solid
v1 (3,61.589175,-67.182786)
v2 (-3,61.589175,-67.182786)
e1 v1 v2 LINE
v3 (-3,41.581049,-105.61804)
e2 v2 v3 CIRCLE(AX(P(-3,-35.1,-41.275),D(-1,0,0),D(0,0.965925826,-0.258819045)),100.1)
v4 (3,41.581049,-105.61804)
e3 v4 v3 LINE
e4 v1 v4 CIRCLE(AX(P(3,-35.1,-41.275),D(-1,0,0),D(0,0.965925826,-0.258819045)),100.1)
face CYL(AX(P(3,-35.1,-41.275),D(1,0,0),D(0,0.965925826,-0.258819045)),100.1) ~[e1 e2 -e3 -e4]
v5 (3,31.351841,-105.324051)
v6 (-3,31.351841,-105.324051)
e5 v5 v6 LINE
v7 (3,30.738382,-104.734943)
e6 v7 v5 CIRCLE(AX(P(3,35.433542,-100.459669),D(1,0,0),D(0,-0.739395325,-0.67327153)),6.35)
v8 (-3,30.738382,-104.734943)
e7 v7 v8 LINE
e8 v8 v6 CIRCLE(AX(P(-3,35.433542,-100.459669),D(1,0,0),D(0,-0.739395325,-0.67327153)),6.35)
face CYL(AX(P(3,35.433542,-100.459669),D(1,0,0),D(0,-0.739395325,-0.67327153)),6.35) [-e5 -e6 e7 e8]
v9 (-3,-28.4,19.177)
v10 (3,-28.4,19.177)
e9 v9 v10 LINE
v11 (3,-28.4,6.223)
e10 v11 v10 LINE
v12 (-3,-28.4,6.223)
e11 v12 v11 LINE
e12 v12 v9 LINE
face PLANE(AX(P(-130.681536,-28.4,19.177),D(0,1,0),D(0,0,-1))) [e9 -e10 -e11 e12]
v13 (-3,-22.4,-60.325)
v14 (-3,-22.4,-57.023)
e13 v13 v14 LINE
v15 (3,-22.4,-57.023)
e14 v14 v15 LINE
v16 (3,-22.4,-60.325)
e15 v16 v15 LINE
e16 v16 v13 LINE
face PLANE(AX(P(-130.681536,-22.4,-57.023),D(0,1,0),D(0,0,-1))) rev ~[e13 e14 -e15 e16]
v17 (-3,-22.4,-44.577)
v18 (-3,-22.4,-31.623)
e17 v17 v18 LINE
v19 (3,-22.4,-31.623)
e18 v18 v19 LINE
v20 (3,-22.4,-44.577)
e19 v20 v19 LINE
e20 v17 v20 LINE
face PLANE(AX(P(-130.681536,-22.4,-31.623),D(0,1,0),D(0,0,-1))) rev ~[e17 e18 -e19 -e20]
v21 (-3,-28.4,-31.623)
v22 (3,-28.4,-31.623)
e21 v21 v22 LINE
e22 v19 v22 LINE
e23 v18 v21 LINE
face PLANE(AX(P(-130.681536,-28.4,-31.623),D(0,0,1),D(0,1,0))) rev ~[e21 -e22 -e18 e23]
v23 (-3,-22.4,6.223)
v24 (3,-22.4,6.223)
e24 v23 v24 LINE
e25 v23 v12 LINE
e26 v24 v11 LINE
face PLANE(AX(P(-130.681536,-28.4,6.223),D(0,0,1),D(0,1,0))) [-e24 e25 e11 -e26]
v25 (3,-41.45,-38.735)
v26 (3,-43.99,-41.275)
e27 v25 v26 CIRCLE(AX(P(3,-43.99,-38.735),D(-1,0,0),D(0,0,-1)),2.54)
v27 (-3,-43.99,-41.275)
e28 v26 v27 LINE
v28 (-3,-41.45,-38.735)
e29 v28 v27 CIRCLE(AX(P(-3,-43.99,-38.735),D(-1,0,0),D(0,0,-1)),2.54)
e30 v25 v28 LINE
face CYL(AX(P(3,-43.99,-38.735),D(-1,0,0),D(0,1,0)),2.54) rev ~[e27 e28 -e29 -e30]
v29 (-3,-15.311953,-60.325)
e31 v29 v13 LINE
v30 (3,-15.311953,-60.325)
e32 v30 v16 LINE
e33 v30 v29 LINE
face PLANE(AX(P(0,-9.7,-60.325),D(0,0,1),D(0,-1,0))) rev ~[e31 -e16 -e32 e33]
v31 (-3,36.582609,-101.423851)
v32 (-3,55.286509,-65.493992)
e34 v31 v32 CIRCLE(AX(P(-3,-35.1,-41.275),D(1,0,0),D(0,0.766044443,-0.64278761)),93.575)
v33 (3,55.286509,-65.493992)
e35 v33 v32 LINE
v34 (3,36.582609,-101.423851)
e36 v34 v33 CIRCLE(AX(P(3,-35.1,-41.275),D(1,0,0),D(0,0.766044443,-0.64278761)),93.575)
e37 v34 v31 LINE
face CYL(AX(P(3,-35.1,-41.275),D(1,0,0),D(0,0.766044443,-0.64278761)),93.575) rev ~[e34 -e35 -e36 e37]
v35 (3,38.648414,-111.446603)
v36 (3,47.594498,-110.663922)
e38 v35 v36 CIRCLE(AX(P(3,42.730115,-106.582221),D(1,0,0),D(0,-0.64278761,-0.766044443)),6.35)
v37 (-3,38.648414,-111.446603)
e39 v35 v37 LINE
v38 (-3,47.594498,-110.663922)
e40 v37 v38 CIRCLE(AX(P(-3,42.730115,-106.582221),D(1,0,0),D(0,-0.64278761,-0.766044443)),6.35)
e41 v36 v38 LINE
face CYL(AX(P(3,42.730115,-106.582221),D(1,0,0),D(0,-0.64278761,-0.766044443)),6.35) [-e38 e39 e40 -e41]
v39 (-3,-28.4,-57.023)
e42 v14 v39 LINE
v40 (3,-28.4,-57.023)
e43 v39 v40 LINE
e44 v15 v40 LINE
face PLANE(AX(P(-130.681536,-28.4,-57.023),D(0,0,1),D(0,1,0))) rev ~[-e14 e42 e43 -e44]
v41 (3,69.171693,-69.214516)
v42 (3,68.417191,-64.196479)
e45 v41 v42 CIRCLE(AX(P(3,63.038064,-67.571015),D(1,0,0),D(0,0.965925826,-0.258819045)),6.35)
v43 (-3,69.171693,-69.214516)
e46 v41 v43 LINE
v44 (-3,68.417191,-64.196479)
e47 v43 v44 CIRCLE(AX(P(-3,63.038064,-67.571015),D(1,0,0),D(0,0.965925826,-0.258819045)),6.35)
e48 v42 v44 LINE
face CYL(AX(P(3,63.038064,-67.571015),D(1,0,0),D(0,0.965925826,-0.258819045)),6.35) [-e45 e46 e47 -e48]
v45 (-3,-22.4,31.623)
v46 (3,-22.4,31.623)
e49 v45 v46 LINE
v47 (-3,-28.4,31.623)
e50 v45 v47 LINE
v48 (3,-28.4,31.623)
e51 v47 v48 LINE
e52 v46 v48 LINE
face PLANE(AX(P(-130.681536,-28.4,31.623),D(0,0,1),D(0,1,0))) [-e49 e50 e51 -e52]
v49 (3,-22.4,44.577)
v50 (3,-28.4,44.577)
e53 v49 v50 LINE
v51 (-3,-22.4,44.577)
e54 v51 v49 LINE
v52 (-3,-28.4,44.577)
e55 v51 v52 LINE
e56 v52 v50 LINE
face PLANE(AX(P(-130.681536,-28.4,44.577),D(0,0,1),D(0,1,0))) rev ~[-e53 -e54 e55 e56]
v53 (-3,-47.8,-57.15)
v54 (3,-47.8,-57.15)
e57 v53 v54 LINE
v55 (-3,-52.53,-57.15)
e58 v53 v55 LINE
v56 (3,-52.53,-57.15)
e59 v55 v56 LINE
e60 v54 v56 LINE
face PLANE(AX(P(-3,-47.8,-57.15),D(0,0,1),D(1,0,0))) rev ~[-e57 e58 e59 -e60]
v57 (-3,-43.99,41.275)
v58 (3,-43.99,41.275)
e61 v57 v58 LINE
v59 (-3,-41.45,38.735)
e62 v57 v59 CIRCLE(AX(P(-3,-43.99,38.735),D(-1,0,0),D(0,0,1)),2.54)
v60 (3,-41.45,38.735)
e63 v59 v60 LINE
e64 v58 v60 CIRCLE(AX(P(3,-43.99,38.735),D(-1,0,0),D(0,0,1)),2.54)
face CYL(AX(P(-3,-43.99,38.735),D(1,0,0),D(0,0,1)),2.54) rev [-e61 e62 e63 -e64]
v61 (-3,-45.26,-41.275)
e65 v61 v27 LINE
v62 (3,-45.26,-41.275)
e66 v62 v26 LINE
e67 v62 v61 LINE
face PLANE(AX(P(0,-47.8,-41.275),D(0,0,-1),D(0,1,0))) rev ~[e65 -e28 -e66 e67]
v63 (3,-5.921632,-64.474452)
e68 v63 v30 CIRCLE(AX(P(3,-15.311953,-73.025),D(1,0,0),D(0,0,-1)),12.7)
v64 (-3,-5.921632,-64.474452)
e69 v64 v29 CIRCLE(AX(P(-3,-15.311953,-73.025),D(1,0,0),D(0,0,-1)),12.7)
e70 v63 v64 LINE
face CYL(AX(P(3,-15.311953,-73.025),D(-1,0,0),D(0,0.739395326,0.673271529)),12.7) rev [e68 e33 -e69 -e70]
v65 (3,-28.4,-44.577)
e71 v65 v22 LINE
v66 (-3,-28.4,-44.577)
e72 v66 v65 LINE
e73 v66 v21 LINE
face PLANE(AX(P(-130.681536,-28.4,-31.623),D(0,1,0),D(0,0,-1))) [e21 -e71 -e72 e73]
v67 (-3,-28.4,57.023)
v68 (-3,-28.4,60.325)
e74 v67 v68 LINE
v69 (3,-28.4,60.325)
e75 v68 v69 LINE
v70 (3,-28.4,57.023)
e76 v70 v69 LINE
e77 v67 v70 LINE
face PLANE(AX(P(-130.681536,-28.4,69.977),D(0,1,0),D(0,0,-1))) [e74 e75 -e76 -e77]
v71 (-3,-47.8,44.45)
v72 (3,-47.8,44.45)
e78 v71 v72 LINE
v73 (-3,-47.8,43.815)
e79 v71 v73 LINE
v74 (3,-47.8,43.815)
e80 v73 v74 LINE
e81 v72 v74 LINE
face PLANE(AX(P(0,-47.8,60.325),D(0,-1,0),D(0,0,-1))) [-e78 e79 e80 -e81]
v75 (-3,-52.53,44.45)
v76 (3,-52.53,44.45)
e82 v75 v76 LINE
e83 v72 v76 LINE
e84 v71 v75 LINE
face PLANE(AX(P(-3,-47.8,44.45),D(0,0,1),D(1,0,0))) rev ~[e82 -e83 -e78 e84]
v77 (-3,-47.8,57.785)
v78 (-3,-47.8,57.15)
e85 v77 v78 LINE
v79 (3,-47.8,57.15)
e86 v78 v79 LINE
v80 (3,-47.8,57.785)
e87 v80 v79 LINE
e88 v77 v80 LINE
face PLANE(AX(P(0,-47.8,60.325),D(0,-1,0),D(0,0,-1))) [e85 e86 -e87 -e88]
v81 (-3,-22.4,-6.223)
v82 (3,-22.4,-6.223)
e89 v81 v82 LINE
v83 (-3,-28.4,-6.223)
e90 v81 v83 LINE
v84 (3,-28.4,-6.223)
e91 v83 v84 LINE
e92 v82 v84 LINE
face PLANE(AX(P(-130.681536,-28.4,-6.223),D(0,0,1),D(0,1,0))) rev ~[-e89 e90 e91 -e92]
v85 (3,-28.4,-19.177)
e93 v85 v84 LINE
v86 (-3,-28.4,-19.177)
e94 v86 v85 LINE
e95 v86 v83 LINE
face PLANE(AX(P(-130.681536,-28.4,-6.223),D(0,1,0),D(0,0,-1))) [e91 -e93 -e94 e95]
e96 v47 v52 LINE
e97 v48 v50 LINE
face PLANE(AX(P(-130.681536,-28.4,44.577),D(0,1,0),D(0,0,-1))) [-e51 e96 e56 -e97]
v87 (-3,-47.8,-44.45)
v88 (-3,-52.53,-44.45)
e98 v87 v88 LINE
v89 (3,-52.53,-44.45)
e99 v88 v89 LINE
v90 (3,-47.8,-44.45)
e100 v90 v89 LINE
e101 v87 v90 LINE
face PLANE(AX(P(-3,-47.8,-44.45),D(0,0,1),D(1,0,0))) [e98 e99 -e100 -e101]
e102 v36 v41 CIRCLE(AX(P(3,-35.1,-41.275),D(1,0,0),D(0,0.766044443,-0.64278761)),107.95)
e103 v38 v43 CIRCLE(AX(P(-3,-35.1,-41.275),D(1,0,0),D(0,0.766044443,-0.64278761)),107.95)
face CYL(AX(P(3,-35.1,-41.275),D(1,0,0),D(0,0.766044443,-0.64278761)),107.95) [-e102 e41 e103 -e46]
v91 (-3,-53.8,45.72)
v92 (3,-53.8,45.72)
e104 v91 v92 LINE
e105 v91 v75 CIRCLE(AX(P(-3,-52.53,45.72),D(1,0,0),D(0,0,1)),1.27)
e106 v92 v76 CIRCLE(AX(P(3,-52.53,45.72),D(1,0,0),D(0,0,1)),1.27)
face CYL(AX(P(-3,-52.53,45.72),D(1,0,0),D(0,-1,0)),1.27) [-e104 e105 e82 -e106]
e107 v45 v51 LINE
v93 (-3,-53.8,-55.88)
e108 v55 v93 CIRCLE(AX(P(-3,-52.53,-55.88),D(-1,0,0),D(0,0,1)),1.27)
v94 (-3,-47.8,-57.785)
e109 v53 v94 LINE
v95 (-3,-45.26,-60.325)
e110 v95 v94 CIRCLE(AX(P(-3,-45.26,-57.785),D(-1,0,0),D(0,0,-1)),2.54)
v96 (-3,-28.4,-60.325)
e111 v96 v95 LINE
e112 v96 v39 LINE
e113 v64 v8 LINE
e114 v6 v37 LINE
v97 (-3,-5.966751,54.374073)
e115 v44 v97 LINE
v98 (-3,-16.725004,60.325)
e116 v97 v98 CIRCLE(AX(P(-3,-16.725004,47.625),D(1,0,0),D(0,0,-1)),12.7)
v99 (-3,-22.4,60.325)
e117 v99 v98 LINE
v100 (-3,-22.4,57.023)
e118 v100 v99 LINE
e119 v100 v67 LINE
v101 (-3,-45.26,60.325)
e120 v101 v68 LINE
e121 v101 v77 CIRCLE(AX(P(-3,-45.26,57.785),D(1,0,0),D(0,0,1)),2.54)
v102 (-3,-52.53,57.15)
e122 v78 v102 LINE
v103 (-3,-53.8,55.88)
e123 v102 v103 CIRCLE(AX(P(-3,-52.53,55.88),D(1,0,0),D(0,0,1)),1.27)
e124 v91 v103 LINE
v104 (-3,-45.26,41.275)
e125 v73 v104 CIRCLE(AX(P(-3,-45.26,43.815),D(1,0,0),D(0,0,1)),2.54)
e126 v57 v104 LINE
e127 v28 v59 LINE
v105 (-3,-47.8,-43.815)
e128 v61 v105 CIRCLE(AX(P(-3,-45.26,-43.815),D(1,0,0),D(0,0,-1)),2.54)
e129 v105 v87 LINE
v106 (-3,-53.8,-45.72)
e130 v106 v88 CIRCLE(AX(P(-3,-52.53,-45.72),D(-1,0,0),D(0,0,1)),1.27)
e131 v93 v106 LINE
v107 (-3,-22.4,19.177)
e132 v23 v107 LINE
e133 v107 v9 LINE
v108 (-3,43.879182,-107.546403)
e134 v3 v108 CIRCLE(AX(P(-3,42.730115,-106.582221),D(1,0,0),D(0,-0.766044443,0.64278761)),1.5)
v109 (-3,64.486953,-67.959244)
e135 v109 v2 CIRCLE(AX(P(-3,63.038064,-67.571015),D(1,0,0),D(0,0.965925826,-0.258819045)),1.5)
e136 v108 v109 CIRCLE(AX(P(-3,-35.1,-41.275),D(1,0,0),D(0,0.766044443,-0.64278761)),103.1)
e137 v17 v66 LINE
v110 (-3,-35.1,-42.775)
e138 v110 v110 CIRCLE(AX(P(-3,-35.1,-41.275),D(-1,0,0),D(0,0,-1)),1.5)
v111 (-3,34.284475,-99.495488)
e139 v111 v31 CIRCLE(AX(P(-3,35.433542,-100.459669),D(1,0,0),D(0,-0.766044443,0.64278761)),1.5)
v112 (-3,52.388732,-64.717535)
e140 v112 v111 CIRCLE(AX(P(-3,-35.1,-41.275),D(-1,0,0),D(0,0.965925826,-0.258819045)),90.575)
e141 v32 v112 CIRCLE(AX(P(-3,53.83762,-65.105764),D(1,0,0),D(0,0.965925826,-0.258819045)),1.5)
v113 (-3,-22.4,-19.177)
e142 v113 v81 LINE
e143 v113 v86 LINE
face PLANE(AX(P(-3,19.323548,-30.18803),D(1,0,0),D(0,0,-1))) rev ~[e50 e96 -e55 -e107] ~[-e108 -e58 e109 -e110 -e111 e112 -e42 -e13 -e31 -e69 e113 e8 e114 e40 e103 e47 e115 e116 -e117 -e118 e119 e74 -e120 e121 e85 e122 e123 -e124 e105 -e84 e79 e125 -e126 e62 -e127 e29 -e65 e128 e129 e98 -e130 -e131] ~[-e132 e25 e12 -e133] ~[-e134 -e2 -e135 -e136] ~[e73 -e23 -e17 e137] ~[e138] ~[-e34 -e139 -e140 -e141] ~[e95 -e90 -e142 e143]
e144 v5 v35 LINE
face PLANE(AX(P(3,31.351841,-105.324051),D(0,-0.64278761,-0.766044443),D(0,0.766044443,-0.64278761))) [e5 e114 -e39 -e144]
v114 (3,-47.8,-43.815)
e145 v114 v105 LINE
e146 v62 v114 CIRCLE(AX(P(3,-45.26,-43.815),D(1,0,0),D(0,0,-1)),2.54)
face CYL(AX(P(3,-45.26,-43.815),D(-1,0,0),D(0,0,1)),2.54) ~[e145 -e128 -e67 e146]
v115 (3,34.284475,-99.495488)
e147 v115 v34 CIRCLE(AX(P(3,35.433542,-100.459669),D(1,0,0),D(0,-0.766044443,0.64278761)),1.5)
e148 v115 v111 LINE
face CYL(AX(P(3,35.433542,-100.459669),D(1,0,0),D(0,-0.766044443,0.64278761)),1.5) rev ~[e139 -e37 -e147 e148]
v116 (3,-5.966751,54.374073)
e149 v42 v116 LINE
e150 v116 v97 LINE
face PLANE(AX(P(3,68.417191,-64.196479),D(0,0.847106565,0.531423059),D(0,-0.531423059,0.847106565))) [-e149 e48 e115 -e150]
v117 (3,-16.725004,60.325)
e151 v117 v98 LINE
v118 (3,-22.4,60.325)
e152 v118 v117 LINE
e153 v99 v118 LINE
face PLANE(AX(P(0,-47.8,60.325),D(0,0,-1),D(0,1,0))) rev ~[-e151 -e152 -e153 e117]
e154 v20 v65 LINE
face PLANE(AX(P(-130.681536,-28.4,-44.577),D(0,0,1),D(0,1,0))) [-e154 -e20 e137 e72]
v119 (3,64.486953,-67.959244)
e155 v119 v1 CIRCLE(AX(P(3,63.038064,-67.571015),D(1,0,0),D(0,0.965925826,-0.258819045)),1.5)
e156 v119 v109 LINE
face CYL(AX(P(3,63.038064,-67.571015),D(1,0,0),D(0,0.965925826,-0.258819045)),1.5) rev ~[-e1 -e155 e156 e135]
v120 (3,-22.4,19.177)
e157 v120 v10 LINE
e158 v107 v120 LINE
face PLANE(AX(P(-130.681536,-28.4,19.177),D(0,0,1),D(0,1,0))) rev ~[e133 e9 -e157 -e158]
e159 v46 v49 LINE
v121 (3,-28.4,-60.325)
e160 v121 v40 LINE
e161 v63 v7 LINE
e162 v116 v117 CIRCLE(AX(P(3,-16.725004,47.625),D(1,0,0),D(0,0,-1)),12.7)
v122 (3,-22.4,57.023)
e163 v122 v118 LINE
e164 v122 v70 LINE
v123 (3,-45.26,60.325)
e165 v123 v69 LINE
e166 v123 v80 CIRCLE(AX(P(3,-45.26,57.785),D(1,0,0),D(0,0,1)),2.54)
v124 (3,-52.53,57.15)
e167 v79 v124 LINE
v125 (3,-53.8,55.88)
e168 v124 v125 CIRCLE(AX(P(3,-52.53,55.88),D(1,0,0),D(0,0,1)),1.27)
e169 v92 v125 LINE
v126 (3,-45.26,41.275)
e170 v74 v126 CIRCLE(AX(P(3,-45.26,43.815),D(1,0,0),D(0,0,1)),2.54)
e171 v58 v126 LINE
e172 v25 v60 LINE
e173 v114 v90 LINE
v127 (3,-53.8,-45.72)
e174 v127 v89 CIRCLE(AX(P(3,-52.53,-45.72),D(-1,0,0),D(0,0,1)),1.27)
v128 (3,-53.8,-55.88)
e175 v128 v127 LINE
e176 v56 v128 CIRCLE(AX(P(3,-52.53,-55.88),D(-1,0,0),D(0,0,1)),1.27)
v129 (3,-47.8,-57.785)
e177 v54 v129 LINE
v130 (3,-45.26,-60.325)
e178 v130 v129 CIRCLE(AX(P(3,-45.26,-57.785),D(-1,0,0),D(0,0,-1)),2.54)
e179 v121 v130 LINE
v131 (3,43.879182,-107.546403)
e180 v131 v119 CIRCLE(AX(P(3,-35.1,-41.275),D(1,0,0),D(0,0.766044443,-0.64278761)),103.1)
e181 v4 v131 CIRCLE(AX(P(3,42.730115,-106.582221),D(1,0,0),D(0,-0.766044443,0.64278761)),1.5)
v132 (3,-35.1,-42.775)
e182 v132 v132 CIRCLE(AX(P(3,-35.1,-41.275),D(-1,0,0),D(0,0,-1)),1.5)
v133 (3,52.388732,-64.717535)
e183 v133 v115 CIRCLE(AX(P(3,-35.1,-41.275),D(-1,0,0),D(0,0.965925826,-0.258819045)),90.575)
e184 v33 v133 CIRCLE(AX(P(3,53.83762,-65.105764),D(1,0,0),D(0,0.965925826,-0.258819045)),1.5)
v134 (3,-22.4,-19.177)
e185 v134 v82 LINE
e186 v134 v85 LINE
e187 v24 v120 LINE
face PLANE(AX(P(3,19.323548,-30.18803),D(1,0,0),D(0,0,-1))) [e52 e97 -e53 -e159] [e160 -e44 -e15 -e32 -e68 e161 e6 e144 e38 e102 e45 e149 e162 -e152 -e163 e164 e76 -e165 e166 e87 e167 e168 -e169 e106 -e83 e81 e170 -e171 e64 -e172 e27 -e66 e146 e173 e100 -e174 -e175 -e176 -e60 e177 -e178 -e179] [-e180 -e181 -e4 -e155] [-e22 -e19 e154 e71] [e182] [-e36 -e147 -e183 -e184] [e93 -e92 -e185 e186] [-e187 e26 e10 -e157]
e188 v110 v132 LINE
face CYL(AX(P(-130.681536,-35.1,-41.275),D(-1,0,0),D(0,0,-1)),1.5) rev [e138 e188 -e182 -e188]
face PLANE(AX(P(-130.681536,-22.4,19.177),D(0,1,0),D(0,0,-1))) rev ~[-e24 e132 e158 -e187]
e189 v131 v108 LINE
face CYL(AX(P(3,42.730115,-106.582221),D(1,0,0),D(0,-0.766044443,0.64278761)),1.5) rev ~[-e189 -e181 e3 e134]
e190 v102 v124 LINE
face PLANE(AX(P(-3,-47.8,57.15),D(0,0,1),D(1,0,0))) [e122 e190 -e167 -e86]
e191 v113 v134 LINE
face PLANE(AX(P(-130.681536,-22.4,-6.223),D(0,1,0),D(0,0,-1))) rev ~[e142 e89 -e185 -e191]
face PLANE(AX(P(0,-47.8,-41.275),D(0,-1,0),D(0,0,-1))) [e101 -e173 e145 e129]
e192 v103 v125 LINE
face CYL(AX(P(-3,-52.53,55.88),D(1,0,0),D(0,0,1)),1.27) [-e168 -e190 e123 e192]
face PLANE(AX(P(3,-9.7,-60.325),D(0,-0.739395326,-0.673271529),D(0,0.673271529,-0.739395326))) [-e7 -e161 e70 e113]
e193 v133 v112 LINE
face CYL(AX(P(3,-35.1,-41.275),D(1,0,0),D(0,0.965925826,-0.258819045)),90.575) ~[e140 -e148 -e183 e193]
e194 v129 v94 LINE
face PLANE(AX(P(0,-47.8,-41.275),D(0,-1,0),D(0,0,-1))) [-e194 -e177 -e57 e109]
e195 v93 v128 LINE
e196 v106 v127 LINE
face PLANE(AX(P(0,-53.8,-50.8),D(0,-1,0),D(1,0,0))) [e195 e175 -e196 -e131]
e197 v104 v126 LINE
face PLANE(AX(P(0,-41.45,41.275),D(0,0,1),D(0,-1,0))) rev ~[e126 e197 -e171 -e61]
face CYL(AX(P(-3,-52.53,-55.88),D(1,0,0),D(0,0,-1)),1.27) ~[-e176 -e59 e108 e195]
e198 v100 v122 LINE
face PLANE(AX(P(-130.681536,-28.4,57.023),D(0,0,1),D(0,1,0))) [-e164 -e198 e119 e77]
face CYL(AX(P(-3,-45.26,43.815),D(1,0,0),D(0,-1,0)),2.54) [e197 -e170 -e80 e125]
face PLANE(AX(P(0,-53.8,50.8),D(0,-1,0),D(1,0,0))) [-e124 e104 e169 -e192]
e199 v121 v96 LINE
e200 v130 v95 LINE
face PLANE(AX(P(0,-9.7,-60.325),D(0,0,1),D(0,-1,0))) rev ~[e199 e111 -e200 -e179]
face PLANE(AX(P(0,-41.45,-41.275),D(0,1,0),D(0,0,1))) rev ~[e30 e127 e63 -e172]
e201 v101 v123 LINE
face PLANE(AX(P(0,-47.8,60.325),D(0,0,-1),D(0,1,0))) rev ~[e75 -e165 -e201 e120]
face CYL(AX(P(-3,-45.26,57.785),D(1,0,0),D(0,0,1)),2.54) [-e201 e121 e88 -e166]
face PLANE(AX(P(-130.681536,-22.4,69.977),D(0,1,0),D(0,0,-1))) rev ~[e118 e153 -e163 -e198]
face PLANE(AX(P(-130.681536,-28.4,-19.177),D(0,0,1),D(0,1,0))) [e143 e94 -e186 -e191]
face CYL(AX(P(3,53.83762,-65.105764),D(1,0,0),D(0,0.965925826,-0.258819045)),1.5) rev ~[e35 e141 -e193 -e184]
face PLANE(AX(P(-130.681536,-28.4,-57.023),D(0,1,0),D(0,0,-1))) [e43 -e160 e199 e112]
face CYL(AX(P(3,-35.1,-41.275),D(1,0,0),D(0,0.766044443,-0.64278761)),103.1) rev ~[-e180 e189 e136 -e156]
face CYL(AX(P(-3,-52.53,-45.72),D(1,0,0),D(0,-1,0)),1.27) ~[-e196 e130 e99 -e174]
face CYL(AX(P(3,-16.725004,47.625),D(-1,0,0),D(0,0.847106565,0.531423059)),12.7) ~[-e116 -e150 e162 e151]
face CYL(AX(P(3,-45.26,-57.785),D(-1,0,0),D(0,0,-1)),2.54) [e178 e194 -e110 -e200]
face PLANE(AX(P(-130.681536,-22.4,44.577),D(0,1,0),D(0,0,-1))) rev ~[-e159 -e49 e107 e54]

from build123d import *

# Parameters (mm, degrees)
MOUNTING_DEPTH          = 3
SKETCH3_R               = 1.5
BOSS_EXTRUDE2_DEPTH     = 6
PIVOTHOLE_DEPTH         = 133.681535985
PIVOTHOLE_DEPTH_BACK    = 133.681535985
SKETCH3_2_R             = 1.5
SKETCH4_W               = 6
SKETCH4_H               = 12.7
TAB_DEPTH               = 6
FILLET1_R               = 12.7
FILLET2_R               = 2.54
TABFILLET_R             = 1.27
CUT_EXTRUDE2_DEPTH      = 133.681535985
CUT_EXTRUDE2_DEPTH_BACK = 133.681535985
SKETCH5_W               = 12.954
SKETCH5_H               = 6


with BuildPart() as part:
    # Sketch2 → Mounting (new, symmetric)
    with BuildSketch(Plane(origin=(0, 0, 0), x_dir=(0, 0, -1), z_dir=(1, 0, 0))):
        Polygon((-60.325, -47.8), (-60.325, -9.7), (60.325, -9.7), (60.325, -47.8), (57.15, -47.8), (44.45, -47.8), (41.275, -47.8), (41.275, -41.45), (-41.275, -41.45), (-41.275, -47.8), (-44.45, -47.8), (-57.15, -47.8), align=None)
    extrude(amount=MOUNTING_DEPTH, both=True)

    # Sketch3 → Boss-Extrude2 (add)
    # profile 1 of 2: a face of its own
    with BuildSketch(Plane(origin=(3, 0, 0), x_dir=(0, 0, -1), z_dir=(1, 0, 0))):
        with Locations((41.275, -35.1)):
            Circle(SKETCH3_R)
    # profile 2 of 2: a face of its own
    with BuildSketch(Plane(origin=(3, 0, 0), x_dir=(0, 0, -1), z_dir=(1, 0, 0))):
        with BuildLine():
            Line((64.196478559, 68.417190639), (-60.325, -9.7))
            Line((-60.325, -9.7), (60.325, -9.7))
            Line((60.325, -9.7), (104.734943372, 30.73838178))
            ThreePointArc((104.734943372, 30.73838178), (105.039779736, 31.035237071), (105.324051376, 31.351840779))
            Line((105.324051376, 31.351840779), (111.446603358, 38.648414099))
            ThreePointArc((111.446603358, 38.648414099), (112.908057477, 43.283554387), (110.663922466, 47.594497635))
            ThreePointArc((110.663922466, 47.594497635), (91.120762799, 60.652819442), (69.214515919, 69.171692948))
            ThreePointArc((69.214515919, 69.171692948), (66.626854298, 69.317479577), (64.196478559, 68.417190639))
        make_face()
        with BuildLine():
            ThreePointArc((107.546402559, 43.879182086), (88.881282025, 56.350816901), (67.95924355, 64.48695269))
            ThreePointArc((67.95924355, 64.48695269), (66.122126243, 63.426292519), (67.182786415, 61.589175212))
            ThreePointArc((67.182786415, 61.589175212), (87.496036185, 53.689784401), (105.61803973, 41.581048756))
            ThreePointArc((105.61803973, 41.581048756), (107.731287809, 41.765934006), (107.546402559, 43.879182086))
        make_face(mode=Mode.SUBTRACT)
        with BuildLine():
            ThreePointArc((101.423850576, 36.582608765), (84.483126483, 47.902038715), (65.493992145, 55.286509195))
            ThreePointArc((65.493992145, 55.286509195), (63.656874838, 54.225849023), (64.71753501, 52.388731716))
            ThreePointArc((64.71753501, 52.388731716), (83.097880644, 45.241006215), (99.495487747, 34.284475436))
            ThreePointArc((99.495487747, 34.284475436), (101.608735827, 34.469360686), (101.423850576, 36.582608765))
        make_face(mode=Mode.SUBTRACT)
    extrude(amount=-BOSS_EXTRUDE2_DEPTH)

    # Sketch3<2> → PivotHole (cut, two sides: drawn at the far end of the back side and taken through both)
    with BuildSketch(Plane(origin=(3, 0, 0), x_dir=(0, 0, -1), z_dir=(1, 0, 0)).offset(-PIVOTHOLE_DEPTH_BACK)):
        with Locations((41.275, -35.1)):
            Circle(SKETCH3_2_R)
    extrude(amount=PIVOTHOLE_DEPTH + PIVOTHOLE_DEPTH_BACK, mode=Mode.SUBTRACT)

    # Sketch4 → Tab (add)
    with BuildSketch(Plane.XZ.offset(47.8)):
        with Locations((0, 50.8)):
            Rectangle(SKETCH4_W, SKETCH4_H)
        with Locations((0, -50.8)):
            Rectangle(SKETCH4_W, SKETCH4_H)
    extrude(amount=TAB_DEPTH)

    # Fillet1
    fillet1_edges = [part.edges().sort_by_distance(p)[0] for p in [
        (0, -9.7, 60.325),
        (0, -9.7, -60.325),
    ]]
    fillet(fillet1_edges, radius=FILLET1_R)

    # Fillet2
    fillet2_edges = [part.edges().sort_by_distance(p)[0] for p in [
        (0, -47.8, 60.325),
        (0, -47.8, -60.325),
        (0, -47.8, -41.275),
        (0, -41.45, -41.275),
        (0, -41.45, 41.275),
        (0, -47.8, 41.275),
    ]]
    fillet(fillet2_edges, radius=FILLET2_R)

    # TabFillet
    tabfillet_edges = [part.edges().sort_by_distance(p)[0] for p in [
        (0, -53.8, 57.15),
        (0, -53.8, 44.45),
        (0, -53.8, -44.45),
        (0, -53.8, -57.15),
    ]]
    fillet(tabfillet_edges, radius=TABFILLET_R)

    # Sketch5 → Cut-Extrude2 (cut, two sides: drawn at the far end of the back side and taken through both)
    with BuildSketch(Plane(origin=(3, 0, 0), x_dir=(0, 0, -1), z_dir=(1, 0, 0)).offset(-CUT_EXTRUDE2_DEPTH_BACK)):
        with Locations((-88.9, -25.4)):
            Rectangle(SKETCH5_W, SKETCH5_H)
        with Locations((-63.5, -25.4)):
            Rectangle(SKETCH5_W, SKETCH5_H)
        with Locations((-38.1, -25.4)):
            Rectangle(SKETCH5_W, SKETCH5_H)
        with Locations((-12.7, -25.4)):
            Rectangle(SKETCH5_W, SKETCH5_H)
        with Locations((12.7, -25.4)):
            Rectangle(SKETCH5_W, SKETCH5_H)
        with Locations((38.1, -25.4)):
            Rectangle(SKETCH5_W, SKETCH5_H)
        with Locations((63.5, -25.4)):
            Rectangle(SKETCH5_W, SKETCH5_H)
        with Locations((88.9, -25.4)):
            Rectangle(SKETCH5_W, SKETCH5_H)
    extrude(amount=CUT_EXTRUDE2_DEPTH + CUT_EXTRUDE2_DEPTH_BACK, mode=Mode.SUBTRACT)


solid = part.part
